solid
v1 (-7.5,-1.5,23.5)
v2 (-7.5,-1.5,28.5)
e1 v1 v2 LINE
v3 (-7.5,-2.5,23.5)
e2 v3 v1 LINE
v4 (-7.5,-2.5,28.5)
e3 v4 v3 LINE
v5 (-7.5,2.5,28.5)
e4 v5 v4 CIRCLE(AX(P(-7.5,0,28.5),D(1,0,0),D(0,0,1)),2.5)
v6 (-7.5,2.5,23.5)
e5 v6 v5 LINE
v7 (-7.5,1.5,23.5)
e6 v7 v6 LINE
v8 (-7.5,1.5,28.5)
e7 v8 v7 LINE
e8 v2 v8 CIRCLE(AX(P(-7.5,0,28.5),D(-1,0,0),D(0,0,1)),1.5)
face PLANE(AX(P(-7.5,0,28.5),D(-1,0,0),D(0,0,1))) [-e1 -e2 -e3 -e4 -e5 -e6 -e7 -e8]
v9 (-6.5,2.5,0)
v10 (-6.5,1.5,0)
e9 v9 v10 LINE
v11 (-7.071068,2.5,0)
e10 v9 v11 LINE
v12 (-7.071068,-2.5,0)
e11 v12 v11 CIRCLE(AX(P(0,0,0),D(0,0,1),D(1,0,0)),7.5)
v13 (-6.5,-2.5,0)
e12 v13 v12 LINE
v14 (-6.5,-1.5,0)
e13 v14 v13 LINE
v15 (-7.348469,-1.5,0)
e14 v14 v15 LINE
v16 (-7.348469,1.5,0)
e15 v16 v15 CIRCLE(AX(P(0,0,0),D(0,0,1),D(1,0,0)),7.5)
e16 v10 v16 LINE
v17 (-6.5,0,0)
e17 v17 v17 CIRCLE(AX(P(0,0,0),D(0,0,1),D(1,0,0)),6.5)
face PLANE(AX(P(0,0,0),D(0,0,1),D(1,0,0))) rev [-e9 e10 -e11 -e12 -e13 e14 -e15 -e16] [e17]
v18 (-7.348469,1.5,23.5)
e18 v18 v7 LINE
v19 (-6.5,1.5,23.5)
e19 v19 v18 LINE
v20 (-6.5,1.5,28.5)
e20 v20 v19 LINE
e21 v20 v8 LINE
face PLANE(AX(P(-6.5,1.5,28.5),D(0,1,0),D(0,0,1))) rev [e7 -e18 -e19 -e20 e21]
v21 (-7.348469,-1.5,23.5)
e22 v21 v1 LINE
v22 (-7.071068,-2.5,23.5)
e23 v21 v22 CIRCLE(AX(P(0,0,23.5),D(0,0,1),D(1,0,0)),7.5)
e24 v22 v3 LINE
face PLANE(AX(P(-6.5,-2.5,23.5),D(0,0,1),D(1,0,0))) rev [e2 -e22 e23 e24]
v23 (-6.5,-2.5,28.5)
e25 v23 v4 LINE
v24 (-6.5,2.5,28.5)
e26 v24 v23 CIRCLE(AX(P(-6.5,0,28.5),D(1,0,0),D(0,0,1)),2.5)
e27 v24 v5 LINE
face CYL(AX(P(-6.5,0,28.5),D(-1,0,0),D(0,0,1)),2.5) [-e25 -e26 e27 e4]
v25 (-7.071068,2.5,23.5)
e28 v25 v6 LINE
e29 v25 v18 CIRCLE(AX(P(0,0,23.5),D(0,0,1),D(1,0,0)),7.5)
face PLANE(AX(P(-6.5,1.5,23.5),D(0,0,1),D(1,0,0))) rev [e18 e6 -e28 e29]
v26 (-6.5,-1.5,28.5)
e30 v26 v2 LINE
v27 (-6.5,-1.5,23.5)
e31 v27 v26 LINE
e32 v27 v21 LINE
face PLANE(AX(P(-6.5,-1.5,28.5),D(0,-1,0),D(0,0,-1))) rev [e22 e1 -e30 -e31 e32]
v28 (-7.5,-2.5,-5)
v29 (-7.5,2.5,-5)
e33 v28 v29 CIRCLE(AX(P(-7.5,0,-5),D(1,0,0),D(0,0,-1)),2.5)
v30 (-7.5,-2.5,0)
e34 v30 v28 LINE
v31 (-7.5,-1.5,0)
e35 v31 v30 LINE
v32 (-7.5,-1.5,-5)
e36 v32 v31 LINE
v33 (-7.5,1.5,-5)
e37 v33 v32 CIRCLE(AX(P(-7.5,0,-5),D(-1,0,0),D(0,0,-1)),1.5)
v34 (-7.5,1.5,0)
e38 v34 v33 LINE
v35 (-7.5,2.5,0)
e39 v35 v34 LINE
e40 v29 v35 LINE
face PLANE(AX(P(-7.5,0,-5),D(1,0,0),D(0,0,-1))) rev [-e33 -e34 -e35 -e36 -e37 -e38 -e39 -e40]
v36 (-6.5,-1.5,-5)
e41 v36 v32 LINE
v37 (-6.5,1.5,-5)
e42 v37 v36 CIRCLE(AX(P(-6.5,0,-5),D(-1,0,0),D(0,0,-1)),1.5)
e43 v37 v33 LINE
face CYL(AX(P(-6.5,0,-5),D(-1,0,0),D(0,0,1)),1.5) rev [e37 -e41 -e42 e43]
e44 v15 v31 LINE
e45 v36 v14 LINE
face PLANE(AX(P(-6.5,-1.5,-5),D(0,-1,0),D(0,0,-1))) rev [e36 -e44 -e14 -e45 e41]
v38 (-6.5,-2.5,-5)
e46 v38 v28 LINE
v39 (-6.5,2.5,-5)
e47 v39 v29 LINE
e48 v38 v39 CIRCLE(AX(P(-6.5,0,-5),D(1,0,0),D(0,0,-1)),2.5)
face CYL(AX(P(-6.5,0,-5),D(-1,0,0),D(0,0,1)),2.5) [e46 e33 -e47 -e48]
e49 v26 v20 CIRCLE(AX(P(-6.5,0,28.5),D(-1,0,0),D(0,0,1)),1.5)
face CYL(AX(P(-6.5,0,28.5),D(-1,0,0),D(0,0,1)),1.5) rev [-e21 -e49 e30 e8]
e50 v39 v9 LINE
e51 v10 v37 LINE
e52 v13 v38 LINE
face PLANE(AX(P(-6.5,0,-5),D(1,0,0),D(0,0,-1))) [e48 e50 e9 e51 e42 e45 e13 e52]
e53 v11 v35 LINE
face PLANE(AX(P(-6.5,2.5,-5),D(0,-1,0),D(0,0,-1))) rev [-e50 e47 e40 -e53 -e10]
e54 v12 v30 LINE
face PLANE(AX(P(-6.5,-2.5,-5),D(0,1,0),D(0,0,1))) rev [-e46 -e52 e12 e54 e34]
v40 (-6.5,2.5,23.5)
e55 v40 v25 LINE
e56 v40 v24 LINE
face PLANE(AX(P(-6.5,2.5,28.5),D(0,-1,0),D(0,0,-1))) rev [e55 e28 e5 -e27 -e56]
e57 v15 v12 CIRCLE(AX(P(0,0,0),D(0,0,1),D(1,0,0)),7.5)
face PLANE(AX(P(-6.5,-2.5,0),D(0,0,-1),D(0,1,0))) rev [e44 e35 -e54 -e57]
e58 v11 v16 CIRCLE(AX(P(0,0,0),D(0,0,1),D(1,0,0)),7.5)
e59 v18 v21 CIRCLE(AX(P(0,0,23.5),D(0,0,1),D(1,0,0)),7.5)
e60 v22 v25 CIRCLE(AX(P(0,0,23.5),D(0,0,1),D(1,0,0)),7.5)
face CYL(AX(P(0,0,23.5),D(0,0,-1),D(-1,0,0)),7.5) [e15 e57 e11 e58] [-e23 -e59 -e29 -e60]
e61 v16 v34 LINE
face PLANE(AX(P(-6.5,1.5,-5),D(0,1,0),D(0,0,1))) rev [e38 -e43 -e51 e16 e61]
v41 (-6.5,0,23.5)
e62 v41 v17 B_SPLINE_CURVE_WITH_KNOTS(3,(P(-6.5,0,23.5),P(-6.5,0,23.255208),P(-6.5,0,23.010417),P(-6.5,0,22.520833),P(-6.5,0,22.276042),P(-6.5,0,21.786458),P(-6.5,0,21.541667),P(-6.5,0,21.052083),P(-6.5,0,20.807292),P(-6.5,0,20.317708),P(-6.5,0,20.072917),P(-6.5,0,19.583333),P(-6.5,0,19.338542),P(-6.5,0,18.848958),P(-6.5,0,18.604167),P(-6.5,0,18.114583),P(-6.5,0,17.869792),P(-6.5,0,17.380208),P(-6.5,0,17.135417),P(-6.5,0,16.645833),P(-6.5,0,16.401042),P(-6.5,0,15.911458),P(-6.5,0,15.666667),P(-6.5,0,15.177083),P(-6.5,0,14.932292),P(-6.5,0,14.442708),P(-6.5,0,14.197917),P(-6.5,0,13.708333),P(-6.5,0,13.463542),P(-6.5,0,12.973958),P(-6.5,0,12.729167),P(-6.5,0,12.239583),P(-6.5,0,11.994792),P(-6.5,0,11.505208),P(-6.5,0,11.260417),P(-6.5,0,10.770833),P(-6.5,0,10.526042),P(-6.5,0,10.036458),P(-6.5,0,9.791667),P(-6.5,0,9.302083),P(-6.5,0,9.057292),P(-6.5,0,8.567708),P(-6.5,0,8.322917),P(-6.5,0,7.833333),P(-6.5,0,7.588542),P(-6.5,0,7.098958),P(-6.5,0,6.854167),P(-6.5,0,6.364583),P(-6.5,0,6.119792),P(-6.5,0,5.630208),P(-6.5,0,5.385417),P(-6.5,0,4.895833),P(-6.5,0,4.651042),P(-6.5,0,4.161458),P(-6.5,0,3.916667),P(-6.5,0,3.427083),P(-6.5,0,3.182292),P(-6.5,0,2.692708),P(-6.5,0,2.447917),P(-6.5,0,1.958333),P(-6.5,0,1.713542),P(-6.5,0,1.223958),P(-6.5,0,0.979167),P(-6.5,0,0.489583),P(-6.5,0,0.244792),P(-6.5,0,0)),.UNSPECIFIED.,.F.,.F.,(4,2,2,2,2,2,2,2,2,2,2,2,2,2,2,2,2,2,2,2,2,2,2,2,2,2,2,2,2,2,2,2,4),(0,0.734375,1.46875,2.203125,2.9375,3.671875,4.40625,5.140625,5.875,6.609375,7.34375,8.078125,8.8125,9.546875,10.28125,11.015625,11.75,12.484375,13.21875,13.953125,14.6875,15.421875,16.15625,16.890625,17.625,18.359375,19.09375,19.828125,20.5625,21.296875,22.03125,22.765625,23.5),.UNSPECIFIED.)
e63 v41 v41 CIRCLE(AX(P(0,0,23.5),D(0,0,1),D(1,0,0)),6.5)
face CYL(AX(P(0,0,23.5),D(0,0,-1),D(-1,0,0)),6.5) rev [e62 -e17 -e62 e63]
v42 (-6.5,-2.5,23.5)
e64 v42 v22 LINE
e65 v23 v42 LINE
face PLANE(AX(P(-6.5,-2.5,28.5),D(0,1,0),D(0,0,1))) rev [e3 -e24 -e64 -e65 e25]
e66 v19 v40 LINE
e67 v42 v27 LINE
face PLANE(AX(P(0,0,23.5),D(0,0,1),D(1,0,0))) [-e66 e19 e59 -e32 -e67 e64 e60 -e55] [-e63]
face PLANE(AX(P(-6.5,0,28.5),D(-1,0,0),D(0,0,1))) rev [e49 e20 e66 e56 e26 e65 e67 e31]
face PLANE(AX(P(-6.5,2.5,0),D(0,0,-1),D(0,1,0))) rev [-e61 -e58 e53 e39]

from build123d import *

# Parameters (mm, degrees)
ESBO_O2_R                = 7.5
ESBO_O2_R_2              = 6.5
RESSALTO_EXTRUS_O1_DEPTH = 23.5
RESSALTO_EXTRUS_O2_DEPTH = 1


with BuildPart() as part:
    # Esboço2 → Ressalto-extrusão1 (new body)
    with BuildSketch(Plane.XY):
        Circle(ESBO_O2_R)
        Circle(ESBO_O2_R_2, mode=Mode.SUBTRACT)
    extrude(amount=RESSALTO_EXTRUS_O1_DEPTH)

    # Esboço3 → Ressalto-extrusão2 (add)
    with BuildSketch(Plane(origin=(-7.5, 0, 0), x_dir=(0, 0, -1), z_dir=(1, 0, 0))):
        with BuildLine():
            Line((5, 1.5), (0, 1.5))
            Line((0, 1.5), (0, 2.5))
            Line((0, 2.5), (5, 2.5))
            ThreePointArc((5, 2.5), (7.5, 0), (5, -2.5))
            Line((5, -2.5), (0, -2.5))
            Line((0, -2.5), (0, -1.5))
            Line((0, -1.5), (5, -1.5))
            ThreePointArc((5, -1.5), (6.5, 0), (5, 1.5))
        make_face()
        with BuildLine():
            Line((-28.5, 2.5), (-23.5, 2.5))
            Line((-23.5, 2.5), (-23.5, 1.5))
            Line((-23.5, 1.5), (-28.5, 1.5))
            ThreePointArc((-28.5, 1.5), (-30, 0), (-28.5, -1.5))
            Line((-28.5, -1.5), (-23.5, -1.5))
            Line((-23.5, -1.5), (-23.5, -2.5))
            Line((-23.5, -2.5), (-28.5, -2.5))
            ThreePointArc((-28.5, -2.5), (-31, 0), (-28.5, 2.5))
        make_face()
    extrude(amount=RESSALTO_EXTRUS_O2_DEPTH)


solid = part.part
